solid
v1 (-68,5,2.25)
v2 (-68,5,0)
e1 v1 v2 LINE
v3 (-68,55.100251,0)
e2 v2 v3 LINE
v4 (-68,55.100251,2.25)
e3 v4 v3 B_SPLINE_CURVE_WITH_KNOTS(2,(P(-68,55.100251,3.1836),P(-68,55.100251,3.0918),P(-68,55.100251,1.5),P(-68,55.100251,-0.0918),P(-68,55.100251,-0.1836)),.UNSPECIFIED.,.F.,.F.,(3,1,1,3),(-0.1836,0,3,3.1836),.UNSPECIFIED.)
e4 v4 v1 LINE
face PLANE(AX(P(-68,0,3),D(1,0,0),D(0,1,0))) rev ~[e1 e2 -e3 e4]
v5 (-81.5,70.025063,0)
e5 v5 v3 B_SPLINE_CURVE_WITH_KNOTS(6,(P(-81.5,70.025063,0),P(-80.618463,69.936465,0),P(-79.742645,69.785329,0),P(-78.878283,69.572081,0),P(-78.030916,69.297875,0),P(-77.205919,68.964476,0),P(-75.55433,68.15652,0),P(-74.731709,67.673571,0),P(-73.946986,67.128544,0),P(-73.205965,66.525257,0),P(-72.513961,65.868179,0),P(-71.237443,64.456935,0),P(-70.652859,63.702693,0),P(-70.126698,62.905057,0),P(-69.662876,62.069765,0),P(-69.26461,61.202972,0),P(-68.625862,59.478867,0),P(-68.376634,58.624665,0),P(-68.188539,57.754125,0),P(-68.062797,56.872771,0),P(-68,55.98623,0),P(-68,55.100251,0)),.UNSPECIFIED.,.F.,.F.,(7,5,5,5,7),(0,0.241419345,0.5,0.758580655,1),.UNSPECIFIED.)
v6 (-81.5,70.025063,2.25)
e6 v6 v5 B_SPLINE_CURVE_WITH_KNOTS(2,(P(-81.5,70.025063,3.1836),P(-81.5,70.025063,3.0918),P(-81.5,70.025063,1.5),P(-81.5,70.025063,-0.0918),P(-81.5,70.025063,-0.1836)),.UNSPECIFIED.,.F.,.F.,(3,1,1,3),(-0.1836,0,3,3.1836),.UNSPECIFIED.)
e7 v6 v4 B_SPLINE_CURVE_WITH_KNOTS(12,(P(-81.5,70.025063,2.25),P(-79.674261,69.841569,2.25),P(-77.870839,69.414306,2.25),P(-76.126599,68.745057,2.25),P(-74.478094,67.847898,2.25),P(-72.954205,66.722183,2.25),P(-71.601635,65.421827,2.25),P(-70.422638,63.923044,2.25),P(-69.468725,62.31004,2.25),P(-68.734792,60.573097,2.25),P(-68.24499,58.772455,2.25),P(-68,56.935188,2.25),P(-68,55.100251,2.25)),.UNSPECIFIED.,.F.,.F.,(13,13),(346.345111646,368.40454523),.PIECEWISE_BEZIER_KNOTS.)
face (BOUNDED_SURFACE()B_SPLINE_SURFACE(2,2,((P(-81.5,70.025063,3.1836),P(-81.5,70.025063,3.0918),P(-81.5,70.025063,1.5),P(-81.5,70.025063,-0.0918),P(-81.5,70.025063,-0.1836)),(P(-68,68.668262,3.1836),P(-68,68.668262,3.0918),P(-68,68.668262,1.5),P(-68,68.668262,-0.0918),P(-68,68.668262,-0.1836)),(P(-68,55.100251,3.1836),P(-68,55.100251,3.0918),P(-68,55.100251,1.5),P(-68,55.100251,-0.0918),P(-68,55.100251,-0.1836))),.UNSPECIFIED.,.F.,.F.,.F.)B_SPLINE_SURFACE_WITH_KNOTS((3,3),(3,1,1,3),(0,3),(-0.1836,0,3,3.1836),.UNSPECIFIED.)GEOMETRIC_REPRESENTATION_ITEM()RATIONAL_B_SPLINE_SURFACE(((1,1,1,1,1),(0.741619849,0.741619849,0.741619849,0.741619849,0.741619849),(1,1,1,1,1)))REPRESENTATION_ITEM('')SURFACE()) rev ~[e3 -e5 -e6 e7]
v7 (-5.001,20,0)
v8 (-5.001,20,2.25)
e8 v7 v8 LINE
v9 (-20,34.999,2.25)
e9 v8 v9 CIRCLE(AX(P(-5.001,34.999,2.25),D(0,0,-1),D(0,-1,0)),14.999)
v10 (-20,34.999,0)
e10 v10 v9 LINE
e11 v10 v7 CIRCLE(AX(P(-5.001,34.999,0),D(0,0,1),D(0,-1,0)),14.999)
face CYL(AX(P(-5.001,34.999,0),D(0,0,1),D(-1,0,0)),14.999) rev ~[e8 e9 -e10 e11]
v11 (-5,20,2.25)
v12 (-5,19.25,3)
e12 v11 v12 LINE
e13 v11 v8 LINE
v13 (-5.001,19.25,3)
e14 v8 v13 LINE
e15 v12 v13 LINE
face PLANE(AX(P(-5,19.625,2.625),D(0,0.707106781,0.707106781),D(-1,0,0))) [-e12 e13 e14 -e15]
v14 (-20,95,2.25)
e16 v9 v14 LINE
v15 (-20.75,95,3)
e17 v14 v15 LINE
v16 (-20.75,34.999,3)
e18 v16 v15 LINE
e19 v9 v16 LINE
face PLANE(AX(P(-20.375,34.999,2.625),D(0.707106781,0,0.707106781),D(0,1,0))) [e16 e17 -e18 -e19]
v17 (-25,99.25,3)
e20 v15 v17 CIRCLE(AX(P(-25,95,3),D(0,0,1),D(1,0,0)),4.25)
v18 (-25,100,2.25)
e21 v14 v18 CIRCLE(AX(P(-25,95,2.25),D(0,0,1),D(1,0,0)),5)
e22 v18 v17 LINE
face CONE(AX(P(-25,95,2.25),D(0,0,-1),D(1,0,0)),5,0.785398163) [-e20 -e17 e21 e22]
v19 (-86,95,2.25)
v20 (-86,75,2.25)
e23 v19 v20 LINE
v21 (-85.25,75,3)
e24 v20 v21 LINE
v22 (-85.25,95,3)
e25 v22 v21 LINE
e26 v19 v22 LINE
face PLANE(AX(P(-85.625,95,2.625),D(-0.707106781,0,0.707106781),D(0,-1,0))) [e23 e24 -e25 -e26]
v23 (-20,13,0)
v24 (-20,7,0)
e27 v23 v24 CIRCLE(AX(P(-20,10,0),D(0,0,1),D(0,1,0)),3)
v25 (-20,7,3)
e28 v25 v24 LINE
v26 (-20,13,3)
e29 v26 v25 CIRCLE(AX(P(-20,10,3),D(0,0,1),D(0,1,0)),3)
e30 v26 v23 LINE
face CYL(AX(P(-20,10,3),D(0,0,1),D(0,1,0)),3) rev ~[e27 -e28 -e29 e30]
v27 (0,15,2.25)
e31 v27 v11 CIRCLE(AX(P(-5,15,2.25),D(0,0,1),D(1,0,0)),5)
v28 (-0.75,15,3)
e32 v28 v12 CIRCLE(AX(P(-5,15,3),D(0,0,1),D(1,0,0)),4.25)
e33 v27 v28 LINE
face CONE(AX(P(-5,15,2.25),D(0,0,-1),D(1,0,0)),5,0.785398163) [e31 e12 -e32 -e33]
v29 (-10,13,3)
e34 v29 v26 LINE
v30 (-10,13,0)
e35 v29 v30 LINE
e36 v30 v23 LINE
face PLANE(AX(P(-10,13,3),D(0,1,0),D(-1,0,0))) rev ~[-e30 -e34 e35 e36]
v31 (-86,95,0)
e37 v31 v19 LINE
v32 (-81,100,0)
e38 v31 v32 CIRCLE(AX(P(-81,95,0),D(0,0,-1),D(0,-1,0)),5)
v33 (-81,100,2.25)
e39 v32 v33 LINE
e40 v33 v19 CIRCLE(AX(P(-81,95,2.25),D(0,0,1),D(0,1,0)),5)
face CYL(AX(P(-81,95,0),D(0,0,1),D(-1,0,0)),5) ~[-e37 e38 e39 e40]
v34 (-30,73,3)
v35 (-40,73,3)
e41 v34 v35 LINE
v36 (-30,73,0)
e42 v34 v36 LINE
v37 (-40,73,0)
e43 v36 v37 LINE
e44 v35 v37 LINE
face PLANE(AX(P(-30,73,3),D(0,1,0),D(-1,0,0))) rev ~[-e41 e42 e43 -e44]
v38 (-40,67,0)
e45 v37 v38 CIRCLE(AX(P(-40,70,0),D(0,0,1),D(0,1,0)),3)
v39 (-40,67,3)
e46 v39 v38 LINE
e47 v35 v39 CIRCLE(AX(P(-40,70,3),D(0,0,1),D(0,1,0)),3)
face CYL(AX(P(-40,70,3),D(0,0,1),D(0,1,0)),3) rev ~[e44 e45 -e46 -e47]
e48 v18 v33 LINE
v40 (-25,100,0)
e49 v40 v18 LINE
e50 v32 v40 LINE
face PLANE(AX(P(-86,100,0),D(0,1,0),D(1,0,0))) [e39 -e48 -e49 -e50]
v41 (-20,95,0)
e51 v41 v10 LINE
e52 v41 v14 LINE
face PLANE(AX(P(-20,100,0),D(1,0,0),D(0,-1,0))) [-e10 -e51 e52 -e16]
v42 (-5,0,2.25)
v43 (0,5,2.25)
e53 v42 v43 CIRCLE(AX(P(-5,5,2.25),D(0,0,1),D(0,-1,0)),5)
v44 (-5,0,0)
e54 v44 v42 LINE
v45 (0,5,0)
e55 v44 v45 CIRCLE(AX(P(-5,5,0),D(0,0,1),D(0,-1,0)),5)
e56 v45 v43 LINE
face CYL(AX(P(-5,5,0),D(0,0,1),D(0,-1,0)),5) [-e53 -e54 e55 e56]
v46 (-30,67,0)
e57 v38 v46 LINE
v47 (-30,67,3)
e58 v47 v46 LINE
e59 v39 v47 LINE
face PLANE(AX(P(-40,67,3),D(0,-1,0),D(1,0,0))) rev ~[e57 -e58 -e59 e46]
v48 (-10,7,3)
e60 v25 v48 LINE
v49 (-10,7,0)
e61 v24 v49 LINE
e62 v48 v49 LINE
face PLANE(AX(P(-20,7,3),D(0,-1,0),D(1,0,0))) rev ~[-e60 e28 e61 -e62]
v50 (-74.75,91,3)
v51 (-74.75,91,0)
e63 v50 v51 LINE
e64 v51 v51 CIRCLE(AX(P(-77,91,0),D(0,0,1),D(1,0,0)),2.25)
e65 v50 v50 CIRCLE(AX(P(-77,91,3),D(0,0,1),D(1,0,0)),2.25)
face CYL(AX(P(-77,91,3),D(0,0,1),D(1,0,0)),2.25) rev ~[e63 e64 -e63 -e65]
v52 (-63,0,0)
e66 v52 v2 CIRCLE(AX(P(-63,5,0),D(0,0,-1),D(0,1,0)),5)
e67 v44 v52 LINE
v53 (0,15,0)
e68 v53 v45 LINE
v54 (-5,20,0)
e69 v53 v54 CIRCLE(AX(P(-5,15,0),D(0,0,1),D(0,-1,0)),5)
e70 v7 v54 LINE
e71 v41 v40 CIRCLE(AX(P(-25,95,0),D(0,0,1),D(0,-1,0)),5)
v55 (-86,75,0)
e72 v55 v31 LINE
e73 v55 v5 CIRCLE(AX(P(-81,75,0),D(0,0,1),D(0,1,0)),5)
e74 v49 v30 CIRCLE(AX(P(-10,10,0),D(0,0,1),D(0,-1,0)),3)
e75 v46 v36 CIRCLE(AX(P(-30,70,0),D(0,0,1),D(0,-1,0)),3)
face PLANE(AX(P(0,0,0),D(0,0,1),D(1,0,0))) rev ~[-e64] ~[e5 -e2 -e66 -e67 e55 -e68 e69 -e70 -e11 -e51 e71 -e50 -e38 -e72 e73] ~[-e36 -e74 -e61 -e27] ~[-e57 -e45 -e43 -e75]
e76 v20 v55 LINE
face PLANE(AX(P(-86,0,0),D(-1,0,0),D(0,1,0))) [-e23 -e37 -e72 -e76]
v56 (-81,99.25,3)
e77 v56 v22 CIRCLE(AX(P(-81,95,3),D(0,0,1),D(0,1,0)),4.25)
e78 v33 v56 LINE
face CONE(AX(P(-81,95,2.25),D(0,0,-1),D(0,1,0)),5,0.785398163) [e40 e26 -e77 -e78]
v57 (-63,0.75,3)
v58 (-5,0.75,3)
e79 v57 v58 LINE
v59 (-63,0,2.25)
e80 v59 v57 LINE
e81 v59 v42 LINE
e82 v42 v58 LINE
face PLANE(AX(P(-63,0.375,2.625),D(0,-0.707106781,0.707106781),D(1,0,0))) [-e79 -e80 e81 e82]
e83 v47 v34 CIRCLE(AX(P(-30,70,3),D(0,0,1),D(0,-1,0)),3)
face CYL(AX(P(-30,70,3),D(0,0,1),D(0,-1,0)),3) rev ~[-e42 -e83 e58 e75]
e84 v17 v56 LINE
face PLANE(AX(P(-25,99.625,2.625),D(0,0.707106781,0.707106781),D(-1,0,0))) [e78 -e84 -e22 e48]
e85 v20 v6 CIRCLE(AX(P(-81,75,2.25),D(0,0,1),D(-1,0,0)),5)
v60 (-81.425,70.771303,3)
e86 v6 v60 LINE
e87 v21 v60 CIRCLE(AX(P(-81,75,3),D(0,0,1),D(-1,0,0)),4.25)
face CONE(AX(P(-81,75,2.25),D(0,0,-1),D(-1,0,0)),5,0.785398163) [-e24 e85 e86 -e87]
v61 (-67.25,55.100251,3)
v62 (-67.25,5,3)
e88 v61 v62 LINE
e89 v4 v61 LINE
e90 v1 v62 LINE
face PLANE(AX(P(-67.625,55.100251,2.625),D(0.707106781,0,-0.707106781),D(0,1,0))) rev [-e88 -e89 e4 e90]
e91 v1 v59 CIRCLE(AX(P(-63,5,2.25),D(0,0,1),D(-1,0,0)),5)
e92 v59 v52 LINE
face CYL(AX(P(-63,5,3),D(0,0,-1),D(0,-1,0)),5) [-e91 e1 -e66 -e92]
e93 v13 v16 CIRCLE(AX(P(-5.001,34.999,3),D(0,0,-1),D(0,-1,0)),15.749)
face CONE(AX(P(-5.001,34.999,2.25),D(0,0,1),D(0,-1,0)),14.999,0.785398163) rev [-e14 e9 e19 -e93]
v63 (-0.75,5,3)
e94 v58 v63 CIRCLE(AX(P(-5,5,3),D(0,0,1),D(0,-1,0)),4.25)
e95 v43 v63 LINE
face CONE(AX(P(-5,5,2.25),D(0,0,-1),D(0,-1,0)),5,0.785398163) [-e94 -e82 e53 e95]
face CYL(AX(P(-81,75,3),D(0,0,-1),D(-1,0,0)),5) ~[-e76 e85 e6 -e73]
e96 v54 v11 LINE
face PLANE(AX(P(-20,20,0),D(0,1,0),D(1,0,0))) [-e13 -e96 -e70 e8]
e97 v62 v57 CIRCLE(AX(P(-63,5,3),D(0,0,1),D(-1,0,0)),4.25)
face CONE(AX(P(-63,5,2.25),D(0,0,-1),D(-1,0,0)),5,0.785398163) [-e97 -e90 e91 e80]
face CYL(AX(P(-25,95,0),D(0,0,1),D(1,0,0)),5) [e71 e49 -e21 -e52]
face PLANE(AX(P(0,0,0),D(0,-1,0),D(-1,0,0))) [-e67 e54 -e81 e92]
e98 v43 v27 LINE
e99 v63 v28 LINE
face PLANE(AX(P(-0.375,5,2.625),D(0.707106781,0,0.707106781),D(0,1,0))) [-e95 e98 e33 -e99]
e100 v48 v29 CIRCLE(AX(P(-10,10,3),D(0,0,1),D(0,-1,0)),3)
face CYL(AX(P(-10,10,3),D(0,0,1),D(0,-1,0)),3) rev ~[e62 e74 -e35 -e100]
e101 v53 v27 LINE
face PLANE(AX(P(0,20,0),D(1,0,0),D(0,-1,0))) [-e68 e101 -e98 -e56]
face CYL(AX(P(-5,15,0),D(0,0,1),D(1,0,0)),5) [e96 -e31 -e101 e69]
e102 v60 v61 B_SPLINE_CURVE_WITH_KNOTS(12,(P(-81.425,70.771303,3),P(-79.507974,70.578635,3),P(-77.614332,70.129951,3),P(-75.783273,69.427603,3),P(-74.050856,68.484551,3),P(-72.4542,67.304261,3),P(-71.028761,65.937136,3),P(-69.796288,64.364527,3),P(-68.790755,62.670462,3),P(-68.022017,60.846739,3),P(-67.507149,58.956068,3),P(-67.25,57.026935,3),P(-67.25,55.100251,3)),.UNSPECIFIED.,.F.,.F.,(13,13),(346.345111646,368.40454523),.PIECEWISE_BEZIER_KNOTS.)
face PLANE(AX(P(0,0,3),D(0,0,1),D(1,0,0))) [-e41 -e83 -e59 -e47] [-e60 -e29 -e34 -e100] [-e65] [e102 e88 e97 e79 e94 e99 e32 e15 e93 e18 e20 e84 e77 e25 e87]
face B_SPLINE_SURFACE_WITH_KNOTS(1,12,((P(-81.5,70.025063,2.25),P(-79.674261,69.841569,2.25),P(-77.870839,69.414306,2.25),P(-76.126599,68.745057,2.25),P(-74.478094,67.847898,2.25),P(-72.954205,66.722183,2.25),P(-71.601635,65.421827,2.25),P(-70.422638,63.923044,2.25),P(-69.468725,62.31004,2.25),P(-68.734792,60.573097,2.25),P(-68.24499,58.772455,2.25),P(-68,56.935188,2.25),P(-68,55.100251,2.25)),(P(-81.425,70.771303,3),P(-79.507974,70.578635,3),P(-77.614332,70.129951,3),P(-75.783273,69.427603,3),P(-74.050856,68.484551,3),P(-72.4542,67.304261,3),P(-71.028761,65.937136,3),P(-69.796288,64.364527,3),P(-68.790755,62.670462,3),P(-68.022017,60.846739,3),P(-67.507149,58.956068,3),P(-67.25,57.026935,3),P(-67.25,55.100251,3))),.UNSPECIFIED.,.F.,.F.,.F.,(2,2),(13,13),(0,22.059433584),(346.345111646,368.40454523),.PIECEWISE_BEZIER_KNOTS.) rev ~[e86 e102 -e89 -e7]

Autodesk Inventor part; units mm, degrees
ref_plane "YZ Plane" through (0, 0, 0) normal (1, 0, 0) x (0, 1, 0)
ref_plane "XZ Plane" through (0, 0, 0) normal (0, 1, 0) x (-1, 0, 0)
ref_plane "XY Plane" through (0, 0, 0) normal (0, 0, 1) x (1, 0, 0)
sketch "Sketch1" plane through (0, 0, 0) normal (0, 0, 1) x (1, 0, 0)
  line L0 (0, 0) -> (-86, 0)
  line L1 (-86, 0) -> (-86, 100)
  line L2 (-86, 100) -> (-20, 100)
  line L3 (-20, 100) -> (-20, 20)
  line L4 (-20, 20) -> (0, 20)
  line L5 (0, 20) -> (0, 0)
  dimension "d0" = 20
  dimension "d1" = 20
  dimension "d2" = 100
  dimension "d3" = 86
extrude "Extrusion1" add sketch "Sketch1" along normal blind 3
sketch "Sketch2" plane through (0, 0, 3) normal (0, 0, 1) x (1, 0, 0)
  line L0 (-86, 0) -> (-68, 0)
  line L1 (-68, 0) -> (-68, 70)
  line L2 (-68, 70) -> (-86, 70)
  line L3 (-86, 70) -> (-86, 0)
  line L4 (-20, 100) -> (-86, 100) projected
  point P0 (0, 0)
  dimension "d6" = 18
  dimension "d7" = 30
extrude "Extrusion2" cut sketch "Sketch2" against normal blind 3
sketch "Sketch3" plane through (0, 0, 3) normal (0, 0, 1) x (1, 0, 0)
  line L0 (-20, 10) -> (-10, 10) construction
  line L1 (-20, 7) -> (-10, 7)
  line L2 (-10, 13) -> (-20, 13)
  arc A0 (-20, 13) -> (-20, 7) centre (-20, 10) ccw
  arc A1 (-10, 7) -> (-10, 13) centre (-10, 10) ccw
  line L3 (0, 0) -> (0, 20) projected
  line L4 (0, 20) -> (-20, 20) projected
  line L5 (-40, 70) -> (-30, 70) construction
  line L6 (-40, 67) -> (-30, 67)
  line L7 (-30, 73) -> (-40, 73)
  arc A2 (-40, 73) -> (-40, 67) centre (-40, 70) ccw
  arc A3 (-30, 67) -> (-30, 73) centre (-30, 70) ccw
  point P0 (-15, 10)
  point P1 (-35, 70)
  dimension "d10" = 15
  dimension "d11" = 10
  dimension "d12" = 3
  dimension "d13" = 10
  dimension "d14" = 20
  dimension "d15" = 3
  dimension "d16" = 10
  dimension "d17" = 60
extrude "Extrusion3" cut sketch "Sketch3" against normal blind 3
fillet "Fillet1" radius 5 6 edges at (0, 0, 1.5) (-68, 0, 1.5) (0, 20, 1.5) (-20, 100, 1.5) (-86, 70, 1.5) (-86, 100, 1.5)
fillet "Fillet1" radius 15 2 edges at (-20, 20, 1.5) (-68, 70, 1.5)
sketch "Sketch4" plane through (0, 0, 3) normal (0, 0, 1) x (1, 0, 0)
  circle A0 centre (-77, 91) radius 2.25
  line L0 (-25, 100) -> (-81, 100) projected
  line L1 (-86, 95) -> (-86, 75) projected
  point P0 (0, 0)
  dimension "d22" = 4.5
  dimension "d23" = 9
  dimension "d24" = 9
extrude "Extrusion4" cut sketch "Sketch4" against normal blind 3
chamfer "Chamfer1" distance 0.75 angle 45 14 edges at (-71.8757, 65.1626, 3) (-68, 30.0501, 3) (-66.5355, 1.4645, 3) (-34, 0, 3) (-1.4645, 1.4645, 3) (0, 10, 3) (-1.4645, 18.5355, 3) (-5.0005, 20, 3) (-20, 64.9995, 3) (-21.4645, 98.5355, 3) (-53, 100, 3) (-84.5355, 98.5355, 3) (-86, 85, 3) (-84.7081, 71.6459, 3)
equation "\"d15\" = d12"
equation "\"d16\" = d11"
properties part number "Front"
